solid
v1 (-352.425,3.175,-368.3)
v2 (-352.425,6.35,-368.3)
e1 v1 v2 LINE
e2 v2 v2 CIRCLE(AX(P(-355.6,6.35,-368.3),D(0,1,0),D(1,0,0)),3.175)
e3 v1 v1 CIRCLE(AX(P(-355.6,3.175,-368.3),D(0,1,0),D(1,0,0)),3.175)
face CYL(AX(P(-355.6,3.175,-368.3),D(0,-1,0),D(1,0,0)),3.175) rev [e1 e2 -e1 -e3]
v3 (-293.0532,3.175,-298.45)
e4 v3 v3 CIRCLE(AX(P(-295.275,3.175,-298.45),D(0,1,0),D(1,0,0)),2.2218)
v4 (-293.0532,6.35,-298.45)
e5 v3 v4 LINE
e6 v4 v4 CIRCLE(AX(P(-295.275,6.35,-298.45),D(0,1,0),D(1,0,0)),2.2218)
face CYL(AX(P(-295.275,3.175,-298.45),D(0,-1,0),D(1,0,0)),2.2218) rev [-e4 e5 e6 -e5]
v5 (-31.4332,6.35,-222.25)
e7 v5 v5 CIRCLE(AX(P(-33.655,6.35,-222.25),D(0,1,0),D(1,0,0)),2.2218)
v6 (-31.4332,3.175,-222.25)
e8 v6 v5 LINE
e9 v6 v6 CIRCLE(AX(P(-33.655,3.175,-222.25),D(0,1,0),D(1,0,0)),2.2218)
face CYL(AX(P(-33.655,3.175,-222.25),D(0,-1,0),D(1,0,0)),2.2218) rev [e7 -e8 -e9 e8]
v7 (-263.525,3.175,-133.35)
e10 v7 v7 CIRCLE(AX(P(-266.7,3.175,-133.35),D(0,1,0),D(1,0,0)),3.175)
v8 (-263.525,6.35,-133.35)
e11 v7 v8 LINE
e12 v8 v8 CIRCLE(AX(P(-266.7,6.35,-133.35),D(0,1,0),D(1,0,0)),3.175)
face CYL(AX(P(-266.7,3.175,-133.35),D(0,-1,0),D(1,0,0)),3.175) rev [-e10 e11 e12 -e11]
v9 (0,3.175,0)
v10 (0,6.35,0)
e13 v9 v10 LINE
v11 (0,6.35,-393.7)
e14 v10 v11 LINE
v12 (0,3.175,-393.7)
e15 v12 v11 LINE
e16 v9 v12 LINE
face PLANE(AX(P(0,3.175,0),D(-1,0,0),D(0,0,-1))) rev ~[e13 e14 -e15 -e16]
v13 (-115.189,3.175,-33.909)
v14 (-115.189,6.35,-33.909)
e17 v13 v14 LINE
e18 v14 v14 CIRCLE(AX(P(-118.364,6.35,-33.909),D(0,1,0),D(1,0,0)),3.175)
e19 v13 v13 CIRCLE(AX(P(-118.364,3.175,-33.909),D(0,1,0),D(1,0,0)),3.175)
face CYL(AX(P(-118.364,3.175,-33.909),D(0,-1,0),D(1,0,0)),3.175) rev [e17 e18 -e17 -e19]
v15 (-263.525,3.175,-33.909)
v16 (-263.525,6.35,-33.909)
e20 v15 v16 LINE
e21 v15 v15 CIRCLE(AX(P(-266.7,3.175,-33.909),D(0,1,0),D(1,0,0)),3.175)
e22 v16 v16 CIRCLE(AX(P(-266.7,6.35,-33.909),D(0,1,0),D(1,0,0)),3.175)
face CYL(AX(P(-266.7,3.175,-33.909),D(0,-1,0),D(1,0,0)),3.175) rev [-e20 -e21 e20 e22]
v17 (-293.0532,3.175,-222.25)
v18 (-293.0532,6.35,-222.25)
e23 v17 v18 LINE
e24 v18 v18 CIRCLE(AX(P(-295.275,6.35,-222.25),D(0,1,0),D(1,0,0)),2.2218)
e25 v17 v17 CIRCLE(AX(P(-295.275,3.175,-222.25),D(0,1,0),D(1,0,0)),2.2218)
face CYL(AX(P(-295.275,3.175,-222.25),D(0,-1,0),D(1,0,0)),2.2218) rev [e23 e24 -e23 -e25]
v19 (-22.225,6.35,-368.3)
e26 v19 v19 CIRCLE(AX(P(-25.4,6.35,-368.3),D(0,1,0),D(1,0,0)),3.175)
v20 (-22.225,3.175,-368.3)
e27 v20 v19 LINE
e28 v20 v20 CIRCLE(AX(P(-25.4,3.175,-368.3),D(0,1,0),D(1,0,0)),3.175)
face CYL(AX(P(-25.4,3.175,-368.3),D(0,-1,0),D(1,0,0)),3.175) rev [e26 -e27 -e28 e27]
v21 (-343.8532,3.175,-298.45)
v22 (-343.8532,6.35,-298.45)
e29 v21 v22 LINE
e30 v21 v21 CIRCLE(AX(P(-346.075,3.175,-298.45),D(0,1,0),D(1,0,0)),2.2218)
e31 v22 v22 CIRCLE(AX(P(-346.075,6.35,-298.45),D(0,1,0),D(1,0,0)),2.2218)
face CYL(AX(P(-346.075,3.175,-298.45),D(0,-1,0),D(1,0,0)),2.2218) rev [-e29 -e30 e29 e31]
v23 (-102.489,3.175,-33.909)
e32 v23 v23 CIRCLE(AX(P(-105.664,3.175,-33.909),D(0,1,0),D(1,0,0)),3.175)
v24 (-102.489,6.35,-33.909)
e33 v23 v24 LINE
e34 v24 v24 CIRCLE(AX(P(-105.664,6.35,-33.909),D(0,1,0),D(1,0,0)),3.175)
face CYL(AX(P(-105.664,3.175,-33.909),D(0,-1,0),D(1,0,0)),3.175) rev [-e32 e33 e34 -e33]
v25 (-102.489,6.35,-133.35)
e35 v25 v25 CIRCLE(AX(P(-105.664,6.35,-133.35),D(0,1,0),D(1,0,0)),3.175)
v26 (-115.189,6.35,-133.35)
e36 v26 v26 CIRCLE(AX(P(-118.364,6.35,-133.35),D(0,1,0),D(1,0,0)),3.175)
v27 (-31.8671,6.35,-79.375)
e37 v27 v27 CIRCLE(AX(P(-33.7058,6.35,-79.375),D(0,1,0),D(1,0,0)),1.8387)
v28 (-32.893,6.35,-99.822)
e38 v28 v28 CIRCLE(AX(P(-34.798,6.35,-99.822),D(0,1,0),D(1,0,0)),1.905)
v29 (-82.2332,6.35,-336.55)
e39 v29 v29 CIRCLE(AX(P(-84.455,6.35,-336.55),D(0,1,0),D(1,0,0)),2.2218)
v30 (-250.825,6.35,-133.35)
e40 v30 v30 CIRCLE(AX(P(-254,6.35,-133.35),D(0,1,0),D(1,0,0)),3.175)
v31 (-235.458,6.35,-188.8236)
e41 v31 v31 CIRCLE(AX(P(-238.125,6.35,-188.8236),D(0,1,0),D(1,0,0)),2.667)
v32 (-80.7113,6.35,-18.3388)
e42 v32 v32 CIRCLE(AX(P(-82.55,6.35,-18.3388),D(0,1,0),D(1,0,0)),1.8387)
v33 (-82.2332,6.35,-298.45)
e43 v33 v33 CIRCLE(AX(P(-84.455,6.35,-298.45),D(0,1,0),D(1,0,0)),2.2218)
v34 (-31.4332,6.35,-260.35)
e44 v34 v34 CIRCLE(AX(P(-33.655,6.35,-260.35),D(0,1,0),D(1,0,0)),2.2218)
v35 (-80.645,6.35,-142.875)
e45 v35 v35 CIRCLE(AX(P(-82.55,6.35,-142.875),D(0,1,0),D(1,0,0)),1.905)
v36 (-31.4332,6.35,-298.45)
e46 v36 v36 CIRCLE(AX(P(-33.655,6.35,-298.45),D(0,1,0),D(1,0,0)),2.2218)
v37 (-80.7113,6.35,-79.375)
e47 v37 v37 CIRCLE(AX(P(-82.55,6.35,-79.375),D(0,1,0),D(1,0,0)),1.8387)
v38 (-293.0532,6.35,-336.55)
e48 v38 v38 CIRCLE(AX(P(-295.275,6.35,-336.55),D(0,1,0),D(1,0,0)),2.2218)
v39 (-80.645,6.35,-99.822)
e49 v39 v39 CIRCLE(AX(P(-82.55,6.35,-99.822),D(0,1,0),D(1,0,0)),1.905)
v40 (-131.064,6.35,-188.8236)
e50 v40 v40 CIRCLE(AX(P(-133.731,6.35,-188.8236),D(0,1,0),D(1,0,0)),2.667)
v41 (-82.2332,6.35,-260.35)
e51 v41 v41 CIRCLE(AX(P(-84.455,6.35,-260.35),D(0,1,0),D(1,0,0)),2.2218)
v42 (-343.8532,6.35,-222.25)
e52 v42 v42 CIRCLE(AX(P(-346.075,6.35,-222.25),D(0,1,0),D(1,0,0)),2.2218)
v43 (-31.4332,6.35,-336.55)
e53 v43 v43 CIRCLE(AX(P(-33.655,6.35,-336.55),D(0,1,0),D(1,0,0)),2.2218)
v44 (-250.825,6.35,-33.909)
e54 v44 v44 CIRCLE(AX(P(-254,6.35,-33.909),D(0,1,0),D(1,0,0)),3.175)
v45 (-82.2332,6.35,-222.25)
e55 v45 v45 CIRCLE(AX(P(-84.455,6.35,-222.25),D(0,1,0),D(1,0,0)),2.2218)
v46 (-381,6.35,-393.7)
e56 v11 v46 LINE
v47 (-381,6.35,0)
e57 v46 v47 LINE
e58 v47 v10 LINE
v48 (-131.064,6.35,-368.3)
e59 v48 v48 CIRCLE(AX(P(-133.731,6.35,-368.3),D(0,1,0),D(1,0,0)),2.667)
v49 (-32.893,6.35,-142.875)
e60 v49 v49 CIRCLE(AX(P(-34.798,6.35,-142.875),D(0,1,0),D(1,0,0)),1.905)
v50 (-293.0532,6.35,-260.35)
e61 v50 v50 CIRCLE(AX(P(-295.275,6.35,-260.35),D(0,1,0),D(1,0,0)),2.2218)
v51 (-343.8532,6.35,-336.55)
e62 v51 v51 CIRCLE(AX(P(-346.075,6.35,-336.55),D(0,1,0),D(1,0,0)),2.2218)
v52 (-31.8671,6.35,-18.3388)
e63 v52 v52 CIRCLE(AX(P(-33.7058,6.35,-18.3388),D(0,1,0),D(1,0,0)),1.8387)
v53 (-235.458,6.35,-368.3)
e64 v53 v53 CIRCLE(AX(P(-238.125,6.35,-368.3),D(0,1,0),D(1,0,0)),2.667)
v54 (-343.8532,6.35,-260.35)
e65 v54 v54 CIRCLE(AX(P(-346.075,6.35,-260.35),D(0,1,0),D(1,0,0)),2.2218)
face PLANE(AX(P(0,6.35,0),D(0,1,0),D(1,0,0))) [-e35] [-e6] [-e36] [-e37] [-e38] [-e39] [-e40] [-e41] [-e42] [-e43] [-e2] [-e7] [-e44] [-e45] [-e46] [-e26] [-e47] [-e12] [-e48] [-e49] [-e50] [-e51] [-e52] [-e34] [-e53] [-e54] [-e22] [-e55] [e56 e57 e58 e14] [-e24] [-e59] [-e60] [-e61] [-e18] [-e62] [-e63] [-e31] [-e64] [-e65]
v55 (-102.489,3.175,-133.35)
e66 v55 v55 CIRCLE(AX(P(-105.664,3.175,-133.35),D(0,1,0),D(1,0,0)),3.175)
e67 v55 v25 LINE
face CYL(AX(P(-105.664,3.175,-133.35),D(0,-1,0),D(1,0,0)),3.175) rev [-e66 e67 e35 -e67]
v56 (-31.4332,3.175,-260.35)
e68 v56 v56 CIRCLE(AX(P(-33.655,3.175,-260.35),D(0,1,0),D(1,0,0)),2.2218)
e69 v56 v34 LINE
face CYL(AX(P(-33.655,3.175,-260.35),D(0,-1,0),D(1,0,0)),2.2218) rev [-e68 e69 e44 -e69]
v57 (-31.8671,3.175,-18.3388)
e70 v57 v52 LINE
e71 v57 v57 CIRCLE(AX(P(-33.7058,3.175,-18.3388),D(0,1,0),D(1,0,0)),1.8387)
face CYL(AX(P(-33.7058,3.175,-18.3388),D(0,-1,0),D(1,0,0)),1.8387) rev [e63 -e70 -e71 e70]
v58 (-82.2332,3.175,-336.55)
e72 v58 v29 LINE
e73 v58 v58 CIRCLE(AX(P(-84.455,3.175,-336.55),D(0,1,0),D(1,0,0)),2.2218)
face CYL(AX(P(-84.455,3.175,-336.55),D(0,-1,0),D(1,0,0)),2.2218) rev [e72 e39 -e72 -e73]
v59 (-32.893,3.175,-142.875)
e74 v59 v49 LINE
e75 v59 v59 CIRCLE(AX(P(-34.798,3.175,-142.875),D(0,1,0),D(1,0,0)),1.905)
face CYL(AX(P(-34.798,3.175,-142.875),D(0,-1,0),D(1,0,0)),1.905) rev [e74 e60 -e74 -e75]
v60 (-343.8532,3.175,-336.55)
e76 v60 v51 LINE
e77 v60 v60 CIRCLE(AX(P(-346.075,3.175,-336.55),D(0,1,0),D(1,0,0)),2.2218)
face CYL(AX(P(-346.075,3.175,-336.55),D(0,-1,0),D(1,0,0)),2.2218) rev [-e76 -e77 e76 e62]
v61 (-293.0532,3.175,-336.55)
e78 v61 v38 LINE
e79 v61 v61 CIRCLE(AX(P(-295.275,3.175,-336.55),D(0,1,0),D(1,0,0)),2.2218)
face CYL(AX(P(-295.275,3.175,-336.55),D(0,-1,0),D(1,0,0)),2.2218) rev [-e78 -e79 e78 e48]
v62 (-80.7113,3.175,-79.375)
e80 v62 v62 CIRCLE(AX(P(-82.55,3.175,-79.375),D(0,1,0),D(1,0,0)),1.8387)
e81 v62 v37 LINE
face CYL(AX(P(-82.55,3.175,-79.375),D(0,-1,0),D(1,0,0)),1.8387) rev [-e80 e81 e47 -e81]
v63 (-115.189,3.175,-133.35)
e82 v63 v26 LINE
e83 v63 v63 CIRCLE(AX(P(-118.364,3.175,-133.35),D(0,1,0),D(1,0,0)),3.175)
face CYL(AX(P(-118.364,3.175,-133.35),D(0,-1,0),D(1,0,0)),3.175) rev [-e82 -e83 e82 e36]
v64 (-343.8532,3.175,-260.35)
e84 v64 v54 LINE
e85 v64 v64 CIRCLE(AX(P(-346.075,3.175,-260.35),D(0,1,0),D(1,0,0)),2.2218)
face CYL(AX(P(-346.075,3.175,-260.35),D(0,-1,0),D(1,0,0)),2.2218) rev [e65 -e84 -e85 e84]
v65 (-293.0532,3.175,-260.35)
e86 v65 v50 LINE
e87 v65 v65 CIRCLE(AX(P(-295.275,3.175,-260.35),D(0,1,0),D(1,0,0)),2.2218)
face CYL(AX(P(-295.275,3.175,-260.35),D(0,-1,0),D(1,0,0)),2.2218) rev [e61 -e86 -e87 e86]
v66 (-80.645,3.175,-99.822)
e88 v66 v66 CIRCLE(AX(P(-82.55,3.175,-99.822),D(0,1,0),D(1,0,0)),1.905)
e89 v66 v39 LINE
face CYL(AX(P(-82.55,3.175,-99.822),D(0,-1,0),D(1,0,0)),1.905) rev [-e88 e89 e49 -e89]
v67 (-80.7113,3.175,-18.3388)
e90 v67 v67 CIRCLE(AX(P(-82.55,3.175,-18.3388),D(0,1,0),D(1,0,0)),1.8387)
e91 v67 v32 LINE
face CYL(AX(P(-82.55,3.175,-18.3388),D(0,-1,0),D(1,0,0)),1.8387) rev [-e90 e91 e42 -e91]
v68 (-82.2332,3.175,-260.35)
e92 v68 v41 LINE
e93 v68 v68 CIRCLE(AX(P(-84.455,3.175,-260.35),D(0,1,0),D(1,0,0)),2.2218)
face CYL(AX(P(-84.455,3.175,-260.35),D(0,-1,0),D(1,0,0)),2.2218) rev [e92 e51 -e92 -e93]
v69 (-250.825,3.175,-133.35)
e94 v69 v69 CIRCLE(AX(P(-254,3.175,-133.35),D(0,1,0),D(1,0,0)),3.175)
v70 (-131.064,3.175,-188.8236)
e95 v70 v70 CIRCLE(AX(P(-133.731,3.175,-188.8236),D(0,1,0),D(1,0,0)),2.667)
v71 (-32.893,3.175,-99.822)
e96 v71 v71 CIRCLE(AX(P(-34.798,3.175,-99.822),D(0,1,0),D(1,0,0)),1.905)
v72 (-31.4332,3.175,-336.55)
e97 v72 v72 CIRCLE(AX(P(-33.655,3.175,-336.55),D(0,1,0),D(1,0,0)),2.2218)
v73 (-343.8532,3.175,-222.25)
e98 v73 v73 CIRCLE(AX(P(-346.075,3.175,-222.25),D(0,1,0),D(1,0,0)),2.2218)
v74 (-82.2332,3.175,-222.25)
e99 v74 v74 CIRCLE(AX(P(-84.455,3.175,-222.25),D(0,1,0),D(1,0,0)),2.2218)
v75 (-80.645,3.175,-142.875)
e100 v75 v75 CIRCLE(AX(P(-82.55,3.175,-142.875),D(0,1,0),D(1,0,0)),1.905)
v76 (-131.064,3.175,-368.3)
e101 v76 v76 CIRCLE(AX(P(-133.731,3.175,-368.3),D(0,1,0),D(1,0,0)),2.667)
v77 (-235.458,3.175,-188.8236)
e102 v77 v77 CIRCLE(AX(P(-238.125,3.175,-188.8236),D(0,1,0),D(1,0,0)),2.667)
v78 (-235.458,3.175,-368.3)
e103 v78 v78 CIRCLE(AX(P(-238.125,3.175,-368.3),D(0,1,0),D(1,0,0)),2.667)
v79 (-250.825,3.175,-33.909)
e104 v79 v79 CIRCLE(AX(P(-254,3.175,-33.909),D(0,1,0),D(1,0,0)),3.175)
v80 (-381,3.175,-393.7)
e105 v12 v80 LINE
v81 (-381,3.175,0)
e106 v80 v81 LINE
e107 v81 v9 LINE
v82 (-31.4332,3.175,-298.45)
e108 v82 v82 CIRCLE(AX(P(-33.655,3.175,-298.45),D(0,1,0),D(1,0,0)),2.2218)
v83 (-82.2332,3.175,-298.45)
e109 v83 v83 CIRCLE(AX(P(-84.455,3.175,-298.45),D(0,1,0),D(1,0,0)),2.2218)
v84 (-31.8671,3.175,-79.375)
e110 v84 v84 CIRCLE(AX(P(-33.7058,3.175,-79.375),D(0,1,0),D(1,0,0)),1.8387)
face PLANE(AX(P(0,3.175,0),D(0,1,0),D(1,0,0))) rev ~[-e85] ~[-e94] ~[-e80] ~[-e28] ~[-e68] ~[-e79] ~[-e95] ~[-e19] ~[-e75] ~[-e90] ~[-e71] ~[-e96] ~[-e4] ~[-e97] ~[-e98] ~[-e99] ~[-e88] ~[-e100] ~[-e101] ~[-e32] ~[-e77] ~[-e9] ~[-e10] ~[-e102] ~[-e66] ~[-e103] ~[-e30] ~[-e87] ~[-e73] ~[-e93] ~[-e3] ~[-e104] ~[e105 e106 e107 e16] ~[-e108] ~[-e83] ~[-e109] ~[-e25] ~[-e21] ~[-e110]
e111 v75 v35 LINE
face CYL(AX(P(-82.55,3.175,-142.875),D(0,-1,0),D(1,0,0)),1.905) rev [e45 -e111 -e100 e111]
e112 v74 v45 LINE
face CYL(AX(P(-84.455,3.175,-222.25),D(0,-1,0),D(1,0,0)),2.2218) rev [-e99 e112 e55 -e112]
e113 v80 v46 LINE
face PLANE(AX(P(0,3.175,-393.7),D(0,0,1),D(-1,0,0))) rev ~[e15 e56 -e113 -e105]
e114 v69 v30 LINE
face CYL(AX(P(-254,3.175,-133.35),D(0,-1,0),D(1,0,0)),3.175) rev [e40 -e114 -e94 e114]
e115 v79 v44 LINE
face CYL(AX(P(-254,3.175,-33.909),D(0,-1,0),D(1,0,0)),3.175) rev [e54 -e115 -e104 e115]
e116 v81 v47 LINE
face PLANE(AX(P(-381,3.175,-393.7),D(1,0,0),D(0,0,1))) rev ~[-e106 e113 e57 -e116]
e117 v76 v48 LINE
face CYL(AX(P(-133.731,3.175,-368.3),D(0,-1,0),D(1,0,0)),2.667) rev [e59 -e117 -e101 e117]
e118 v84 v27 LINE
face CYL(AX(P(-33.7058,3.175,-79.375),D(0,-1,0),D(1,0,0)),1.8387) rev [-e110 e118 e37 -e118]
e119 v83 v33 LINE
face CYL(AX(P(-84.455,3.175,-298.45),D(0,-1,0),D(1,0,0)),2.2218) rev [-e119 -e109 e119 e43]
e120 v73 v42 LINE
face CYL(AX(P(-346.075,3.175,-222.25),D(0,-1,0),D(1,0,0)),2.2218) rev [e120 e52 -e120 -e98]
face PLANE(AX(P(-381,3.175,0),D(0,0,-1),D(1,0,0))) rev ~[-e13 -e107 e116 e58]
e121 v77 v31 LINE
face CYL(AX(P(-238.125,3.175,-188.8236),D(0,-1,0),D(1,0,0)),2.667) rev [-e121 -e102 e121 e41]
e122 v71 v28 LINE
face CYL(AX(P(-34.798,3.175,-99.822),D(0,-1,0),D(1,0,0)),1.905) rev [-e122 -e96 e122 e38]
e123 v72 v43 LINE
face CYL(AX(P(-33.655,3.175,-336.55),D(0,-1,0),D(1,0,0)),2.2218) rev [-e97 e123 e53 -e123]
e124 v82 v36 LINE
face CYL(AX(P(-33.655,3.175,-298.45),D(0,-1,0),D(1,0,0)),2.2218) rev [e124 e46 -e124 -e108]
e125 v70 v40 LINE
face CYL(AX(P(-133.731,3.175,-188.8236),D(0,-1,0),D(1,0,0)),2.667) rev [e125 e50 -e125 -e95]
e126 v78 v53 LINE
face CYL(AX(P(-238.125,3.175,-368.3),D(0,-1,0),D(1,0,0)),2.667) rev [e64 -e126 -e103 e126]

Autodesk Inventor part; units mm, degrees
ref_plane "YZ Plane" through (0, 0, 0) normal (1, 0, 0) x (0, 1, 0)
ref_plane "XZ Plane" through (0, 0, 0) normal (0, 1, 0) x (-1, 0, 0)
ref_plane "Work Plane1" through (0, 3.175, 0) normal (0, 1, 0) x (1, 0, 0)
sketch "Sketch2" plane through (0, 3.175, 0) normal (0, 1, 0) x (1, 0, 0)
  circle A0 centre (-82.55, 79.375) radius 1.8387
  circle A1 centre (-82.55, 142.875) radius 1.905
  circle A2 centre (-84.455, 336.55) radius 2.2218
  circle A3 centre (-238.125, 368.3) radius 2.667
  circle A4 centre (-346.075, 336.55) radius 2.2218
  circle A5 centre (-254, 133.35) radius 3.175
  circle A6 centre (-266.7, 133.35) radius 3.175
  line L0 (0, 393.7) -> (-381, 393.7)
  line L1 (-381, 393.7) -> (-381, 0)
  line L2 (-381, 0) -> (0, 0)
  line L3 (0, 0) -> (0, 393.7)
  line L4 (-381, 393.7) -> (-381, 0) projected
  line L5 (-381, 0) -> (0, 0) projected
  line L6 (-119.0443, 33.9146) -> (-119.0443, 186.178) construction
  circle A7 centre (-355.6, 368.3) radius 3.175
  circle A8 centre (-25.4, 368.3) radius 3.175
  circle A9 centre (-295.275, 336.55) radius 2.2218
  circle A10 centre (-346.075, 298.45) radius 2.2218
  circle A11 centre (-295.275, 298.45) radius 2.2218
  circle A12 centre (-346.075, 260.35) radius 2.2218
  circle A13 centre (-295.275, 260.35) radius 2.2218
  circle A14 centre (-346.075, 222.25) radius 2.2218
  circle A15 centre (-295.275, 222.25) radius 2.2218
  circle A16 centre (-33.655, 336.55) radius 2.2218
  circle A17 centre (-84.455, 298.45) radius 2.2218
  circle A18 centre (-33.655, 298.45) radius 2.2218
  circle A19 centre (-84.455, 260.35) radius 2.2218
  circle A20 centre (-33.655, 260.35) radius 2.2218
  circle A21 centre (-84.455, 222.25) radius 2.2218
  circle A22 centre (-33.655, 222.25) radius 2.2218
  circle A23 centre (-133.731, 368.3) radius 2.667
  circle A24 centre (-238.125, 188.8236) radius 2.667
  circle A25 centre (-133.731, 188.8236) radius 2.667
  circle A26 centre (-118.364, 133.35) radius 3.175
  circle A27 centre (-105.664, 133.35) radius 3.175
  circle A28 centre (-266.7, 33.909) radius 3.175
  circle A29 centre (-254, 33.909) radius 3.175
  circle A30 centre (-118.364, 33.909) radius 3.175
  circle A31 centre (-105.664, 33.909) radius 3.175
  circle A32 centre (-82.55, 18.3388) radius 1.8387
  circle A33 centre (-33.7058, 79.375) radius 1.8387
  circle A34 centre (-33.7058, 18.3388) radius 1.8387
  circle A35 centre (-82.55, 99.822) radius 1.905
  circle A36 centre (-34.798, 142.875) radius 1.905
  circle A37 centre (-34.798, 99.822) radius 1.905
  dimension "d19" = 6.35
  dimension "d20" = 6.35
  dimension "d21" = 12.7
  dimension "d40" = 6.35
  dimension "d41" = 25.4
  dimension "d42" = 25.4
  dimension "d43" = 6.35
  dimension "d44" = 25.4
  dimension "d45" = 25.4
  dimension "d51" = 57.15
  dimension "d52" = 34.925
  dimension "d53" = 4.4436
  dimension "d56" = 50.8
  dimension "d59" = 38.1
  dimension "d62" = 57.15
  dimension "d63" = 84.455
  dimension "d64" = 4.4436
  dimension "d67" = 50.8
  dimension "d70" = 38.1
  dimension "d73" = 25.4
  dimension "d74" = 142.875
  dimension "d79" = 104.394
  dimension "d82" = 179.4764
  dimension "d85" = 5.334
  dimension "d86" = 114.3
  dimension "d87" = 127
  dimension "d88" = 133.35
  dimension "d93" = 148.336
  dimension "d96" = 99.441
  dimension "d99" = 142.875
  dimension "d100" = 79.375
  dimension "d107" = 61.0362
  dimension "d110" = 48.8442
  dimension "d115" = 43.053
  dimension "d118" = 47.752
  dimension "d121" = 3.81
  dimension "d122" = 3.6774
  dimension "d123" = 3.6774
  dimension "d124" = 82.55
  dimension "d125" = 82.55
extrude "Extrusion3" add sketch "Sketch2" along normal blind 3.175
properties part number "Electronics Base Plate"
